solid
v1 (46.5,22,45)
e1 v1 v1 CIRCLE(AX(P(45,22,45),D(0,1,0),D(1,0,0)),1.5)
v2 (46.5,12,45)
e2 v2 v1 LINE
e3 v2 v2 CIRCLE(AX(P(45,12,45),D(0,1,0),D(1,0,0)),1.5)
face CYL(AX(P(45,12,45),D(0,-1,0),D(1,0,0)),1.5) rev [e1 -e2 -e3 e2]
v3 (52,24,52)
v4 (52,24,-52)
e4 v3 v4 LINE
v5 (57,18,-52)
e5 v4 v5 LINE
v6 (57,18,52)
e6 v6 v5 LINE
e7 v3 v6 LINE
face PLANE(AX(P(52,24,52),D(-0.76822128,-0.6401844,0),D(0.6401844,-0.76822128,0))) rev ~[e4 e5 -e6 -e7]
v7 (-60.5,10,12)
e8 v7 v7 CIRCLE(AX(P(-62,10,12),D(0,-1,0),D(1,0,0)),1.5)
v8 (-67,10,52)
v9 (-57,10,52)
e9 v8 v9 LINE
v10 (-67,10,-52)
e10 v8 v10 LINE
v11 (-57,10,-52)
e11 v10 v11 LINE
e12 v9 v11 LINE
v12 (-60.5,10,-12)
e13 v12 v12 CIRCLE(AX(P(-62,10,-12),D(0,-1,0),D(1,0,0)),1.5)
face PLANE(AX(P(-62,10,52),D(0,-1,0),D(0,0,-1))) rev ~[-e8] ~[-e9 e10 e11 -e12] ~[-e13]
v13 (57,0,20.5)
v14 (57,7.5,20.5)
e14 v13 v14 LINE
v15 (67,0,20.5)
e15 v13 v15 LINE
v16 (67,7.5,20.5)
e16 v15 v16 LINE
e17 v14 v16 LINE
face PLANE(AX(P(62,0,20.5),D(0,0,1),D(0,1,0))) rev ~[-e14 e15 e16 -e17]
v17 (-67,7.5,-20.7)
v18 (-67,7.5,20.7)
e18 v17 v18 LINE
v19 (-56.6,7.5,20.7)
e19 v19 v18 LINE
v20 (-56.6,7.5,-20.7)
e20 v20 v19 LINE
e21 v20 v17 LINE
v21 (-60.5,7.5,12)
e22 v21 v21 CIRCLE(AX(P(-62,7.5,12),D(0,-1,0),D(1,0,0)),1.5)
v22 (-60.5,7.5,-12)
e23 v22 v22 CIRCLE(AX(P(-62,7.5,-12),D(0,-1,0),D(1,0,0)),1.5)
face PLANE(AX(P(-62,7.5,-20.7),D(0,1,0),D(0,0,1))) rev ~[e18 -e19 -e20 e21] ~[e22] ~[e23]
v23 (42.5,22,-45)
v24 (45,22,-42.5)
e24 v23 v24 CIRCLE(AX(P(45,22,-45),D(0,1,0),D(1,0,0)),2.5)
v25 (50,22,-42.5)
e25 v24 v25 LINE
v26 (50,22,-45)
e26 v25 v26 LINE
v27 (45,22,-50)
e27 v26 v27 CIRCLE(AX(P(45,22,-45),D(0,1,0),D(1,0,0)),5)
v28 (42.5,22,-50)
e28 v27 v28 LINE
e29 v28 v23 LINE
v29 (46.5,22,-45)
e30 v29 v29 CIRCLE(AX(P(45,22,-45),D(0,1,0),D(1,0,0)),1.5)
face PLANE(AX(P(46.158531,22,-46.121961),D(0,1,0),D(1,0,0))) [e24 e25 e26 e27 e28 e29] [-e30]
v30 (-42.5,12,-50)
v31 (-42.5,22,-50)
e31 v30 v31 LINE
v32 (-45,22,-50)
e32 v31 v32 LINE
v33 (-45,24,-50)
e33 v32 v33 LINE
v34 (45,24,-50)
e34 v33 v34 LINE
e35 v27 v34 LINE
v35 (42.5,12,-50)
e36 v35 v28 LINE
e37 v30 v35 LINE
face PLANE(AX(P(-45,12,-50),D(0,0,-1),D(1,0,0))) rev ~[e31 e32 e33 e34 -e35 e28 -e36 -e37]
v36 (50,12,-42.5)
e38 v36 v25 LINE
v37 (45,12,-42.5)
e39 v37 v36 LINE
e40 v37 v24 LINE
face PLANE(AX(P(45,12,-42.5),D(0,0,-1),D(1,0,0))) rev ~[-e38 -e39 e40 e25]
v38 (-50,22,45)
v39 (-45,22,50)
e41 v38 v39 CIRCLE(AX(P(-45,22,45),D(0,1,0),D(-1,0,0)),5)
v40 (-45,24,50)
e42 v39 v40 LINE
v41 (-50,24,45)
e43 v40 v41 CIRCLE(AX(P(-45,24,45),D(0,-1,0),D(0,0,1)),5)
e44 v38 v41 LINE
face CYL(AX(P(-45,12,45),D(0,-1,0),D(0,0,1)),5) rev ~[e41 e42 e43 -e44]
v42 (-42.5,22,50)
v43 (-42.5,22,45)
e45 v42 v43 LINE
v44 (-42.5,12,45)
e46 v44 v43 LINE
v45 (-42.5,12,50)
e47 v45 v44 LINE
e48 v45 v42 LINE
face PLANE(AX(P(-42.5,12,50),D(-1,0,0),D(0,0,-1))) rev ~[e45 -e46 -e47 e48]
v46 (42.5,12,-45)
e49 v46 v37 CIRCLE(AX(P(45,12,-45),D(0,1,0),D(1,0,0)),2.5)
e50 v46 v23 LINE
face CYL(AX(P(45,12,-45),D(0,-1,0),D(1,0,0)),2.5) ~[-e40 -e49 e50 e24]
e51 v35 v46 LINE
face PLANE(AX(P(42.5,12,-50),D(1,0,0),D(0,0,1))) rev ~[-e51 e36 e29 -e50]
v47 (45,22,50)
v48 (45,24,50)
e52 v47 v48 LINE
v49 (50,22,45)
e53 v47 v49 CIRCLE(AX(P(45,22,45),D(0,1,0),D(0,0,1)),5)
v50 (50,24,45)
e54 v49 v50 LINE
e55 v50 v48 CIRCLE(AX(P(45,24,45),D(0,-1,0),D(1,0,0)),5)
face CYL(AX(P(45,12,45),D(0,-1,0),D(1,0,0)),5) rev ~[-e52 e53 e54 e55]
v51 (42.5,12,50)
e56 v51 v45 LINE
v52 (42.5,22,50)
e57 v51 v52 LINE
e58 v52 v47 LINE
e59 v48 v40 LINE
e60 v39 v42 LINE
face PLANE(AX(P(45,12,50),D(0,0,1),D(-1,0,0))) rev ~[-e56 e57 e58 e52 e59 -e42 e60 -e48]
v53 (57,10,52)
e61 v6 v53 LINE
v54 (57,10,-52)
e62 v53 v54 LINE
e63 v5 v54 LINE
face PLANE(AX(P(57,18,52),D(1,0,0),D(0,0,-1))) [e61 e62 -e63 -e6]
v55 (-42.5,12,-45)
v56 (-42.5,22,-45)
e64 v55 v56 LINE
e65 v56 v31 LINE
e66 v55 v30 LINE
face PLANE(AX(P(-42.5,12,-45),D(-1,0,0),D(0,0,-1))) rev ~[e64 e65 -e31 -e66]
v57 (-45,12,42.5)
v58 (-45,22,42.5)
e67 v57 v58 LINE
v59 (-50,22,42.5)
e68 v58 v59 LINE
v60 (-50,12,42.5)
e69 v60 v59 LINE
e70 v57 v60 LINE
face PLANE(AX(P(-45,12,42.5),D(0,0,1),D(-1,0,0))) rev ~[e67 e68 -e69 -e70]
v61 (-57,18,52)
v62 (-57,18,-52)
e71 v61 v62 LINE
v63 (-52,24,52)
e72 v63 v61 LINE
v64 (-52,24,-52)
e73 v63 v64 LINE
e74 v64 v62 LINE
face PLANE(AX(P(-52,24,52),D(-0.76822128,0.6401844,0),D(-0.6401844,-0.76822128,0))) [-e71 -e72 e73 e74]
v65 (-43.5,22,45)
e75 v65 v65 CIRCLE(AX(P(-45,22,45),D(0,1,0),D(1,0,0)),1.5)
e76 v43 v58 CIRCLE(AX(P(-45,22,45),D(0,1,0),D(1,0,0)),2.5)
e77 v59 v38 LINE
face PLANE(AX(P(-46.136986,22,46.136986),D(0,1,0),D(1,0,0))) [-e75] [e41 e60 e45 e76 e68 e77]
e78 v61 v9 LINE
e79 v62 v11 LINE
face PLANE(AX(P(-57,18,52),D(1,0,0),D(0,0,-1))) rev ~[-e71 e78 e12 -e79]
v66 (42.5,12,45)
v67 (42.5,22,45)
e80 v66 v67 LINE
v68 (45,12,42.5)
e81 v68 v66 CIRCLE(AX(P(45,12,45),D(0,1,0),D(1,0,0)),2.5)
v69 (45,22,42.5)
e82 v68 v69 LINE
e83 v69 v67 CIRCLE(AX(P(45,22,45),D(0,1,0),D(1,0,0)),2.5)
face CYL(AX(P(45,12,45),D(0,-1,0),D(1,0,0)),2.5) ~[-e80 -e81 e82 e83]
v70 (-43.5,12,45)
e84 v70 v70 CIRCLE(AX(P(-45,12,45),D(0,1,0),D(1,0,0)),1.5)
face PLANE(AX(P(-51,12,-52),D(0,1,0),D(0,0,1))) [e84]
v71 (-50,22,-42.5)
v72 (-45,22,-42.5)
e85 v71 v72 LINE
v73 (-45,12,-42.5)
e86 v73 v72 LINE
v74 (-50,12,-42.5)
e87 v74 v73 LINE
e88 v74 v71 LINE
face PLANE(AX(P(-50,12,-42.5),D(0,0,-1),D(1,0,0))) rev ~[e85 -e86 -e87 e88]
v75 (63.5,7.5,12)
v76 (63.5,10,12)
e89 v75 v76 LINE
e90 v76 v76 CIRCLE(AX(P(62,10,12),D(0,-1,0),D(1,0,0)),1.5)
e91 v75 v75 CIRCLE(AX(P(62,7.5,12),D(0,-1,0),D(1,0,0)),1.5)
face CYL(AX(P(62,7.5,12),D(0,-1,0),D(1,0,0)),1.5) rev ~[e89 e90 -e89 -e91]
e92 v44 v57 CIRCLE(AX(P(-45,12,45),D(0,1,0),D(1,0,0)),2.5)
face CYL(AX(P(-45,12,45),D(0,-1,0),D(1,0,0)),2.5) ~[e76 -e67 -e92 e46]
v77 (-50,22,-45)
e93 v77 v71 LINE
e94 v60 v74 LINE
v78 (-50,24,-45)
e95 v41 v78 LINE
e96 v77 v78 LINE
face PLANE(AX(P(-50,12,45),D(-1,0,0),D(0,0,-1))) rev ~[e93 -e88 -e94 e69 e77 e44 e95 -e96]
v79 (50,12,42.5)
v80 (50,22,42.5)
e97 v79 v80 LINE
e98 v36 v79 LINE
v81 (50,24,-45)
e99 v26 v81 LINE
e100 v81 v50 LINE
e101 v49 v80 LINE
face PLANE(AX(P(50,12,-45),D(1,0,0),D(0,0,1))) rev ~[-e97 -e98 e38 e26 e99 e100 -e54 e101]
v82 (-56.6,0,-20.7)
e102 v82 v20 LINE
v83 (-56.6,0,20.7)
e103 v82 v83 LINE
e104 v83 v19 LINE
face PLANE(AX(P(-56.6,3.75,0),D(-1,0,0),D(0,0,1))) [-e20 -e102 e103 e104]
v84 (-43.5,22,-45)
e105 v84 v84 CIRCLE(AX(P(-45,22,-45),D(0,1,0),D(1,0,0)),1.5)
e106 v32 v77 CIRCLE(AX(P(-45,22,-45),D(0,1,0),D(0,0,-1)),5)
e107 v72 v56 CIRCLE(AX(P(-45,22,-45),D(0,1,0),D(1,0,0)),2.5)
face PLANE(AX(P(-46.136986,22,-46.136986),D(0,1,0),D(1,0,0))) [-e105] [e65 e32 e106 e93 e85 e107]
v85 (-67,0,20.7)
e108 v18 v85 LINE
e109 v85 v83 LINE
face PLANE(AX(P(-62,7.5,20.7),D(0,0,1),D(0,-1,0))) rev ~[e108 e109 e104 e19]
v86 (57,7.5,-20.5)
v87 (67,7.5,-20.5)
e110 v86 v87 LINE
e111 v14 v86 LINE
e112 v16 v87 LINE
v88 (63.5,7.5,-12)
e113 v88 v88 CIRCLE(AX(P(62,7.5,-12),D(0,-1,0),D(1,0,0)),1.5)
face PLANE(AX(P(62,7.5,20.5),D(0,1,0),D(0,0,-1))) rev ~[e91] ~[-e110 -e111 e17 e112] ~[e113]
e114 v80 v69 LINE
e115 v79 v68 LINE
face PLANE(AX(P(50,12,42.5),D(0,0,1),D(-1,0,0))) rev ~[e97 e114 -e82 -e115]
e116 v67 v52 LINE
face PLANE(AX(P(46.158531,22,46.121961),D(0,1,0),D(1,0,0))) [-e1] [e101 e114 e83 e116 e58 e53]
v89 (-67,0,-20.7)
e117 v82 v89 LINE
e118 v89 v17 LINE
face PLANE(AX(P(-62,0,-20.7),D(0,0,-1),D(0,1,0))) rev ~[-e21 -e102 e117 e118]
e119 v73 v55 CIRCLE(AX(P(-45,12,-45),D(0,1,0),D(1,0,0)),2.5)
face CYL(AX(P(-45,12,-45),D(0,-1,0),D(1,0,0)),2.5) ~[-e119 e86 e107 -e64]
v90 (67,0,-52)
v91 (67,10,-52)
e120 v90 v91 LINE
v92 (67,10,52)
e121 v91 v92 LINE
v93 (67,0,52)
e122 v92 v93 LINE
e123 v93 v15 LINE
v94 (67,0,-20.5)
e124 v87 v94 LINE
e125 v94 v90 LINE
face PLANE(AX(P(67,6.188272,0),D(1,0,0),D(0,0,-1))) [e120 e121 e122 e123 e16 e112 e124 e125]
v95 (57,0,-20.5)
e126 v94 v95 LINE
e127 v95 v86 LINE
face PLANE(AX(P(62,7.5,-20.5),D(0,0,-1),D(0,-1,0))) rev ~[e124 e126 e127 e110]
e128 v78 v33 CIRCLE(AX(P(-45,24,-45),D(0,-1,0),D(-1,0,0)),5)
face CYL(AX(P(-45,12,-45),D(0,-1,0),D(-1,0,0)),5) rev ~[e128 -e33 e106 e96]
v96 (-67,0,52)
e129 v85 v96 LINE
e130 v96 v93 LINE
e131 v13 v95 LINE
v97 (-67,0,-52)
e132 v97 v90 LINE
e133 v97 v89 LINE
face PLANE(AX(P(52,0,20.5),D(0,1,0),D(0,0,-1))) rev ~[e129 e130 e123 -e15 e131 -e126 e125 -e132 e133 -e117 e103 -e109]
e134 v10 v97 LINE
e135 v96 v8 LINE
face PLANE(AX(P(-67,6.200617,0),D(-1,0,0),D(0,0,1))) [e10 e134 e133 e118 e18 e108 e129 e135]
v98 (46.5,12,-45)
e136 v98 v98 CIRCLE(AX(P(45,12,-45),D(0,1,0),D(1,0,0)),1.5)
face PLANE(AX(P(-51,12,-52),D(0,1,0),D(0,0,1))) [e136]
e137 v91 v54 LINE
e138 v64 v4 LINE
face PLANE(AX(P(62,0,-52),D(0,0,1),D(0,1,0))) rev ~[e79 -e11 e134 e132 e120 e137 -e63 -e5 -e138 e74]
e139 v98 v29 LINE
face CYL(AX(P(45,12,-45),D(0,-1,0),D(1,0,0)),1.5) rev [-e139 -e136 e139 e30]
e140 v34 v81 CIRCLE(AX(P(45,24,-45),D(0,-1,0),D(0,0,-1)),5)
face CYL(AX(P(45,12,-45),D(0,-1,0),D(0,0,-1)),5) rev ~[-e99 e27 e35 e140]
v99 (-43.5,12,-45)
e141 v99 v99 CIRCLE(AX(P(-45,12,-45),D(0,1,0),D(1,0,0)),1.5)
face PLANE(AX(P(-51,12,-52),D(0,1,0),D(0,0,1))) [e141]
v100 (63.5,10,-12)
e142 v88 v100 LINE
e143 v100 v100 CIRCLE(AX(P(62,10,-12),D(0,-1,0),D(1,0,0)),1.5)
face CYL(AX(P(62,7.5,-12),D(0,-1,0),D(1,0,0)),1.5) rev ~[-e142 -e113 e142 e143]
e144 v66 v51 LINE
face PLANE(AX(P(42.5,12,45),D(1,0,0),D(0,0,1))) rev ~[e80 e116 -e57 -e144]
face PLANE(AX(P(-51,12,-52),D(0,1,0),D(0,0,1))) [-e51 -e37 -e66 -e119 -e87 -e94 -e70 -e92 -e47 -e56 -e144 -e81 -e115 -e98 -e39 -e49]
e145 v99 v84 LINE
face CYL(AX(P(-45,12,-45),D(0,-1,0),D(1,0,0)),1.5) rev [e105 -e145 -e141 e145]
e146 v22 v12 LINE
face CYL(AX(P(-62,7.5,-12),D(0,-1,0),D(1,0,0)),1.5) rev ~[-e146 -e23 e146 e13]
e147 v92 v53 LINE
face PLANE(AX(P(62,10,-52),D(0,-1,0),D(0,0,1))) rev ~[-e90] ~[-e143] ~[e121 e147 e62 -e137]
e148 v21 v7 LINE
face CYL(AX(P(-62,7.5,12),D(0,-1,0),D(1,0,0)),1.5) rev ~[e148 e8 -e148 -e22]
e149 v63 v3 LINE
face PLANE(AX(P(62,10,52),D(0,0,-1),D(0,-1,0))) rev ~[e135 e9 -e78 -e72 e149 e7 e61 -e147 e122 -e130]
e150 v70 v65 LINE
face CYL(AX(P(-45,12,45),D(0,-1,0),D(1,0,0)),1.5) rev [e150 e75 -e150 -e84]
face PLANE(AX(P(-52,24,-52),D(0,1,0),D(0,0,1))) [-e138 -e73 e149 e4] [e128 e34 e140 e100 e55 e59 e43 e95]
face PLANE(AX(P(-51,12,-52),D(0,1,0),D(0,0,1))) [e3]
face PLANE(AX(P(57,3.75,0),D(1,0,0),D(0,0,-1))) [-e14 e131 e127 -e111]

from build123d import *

# Parameters (mm, degrees)
BOSS_EXTRUDE3_DEPTH  = 12
BOSS_EXTRUDE5_DEPTH  = 12
BOSS_EXTRUDE6_DEPTH  = 12
BOSS_EXTRUDE7_DEPTH  = 12
SKETCH13_W           = 102
SKETCH13_H           = 12
BOSS_EXTRUDE11_DEPTH = 1
SKETCH14_W           = 103
SKETCH14_H           = 12
BOSS_EXTRUDE12_DEPTH = 1
SKETCH15_W           = 103
SKETCH15_H           = 12
BOSS_EXTRUDE13_DEPTH = 1
SKETCH16_W           = 104
SKETCH16_H           = 12
BOSS_EXTRUDE14_DEPTH = 1
SKETCH17_W           = 104
SKETCH17_H           = 104
BOSS_EXTRUDE16_DEPTH = 12
SKETCH20_W           = 104
SKETCH20_H           = 24
BOSS_EXTRUDE20_DEPTH = 10
CUT_EXTRUDE2_DEPTH   = 104
SKETCH23_W           = 104
SKETCH23_H           = 24
BOSS_EXTRUDE21_DEPTH = 10
CUT_EXTRUDE3_DEPTH   = 104
SKETCH26_W           = 10.4
SKETCH26_H           = 41.4
SKETCH26_W_2         = 10
SKETCH26_H_2         = 41
CUT_EXTRUDE5_DEPTH   = 7.5
SKETCH29_W           = 5
SKETCH29_H           = 104
CUT_EXTRUDE6_DEPTH   = 8
SKETCH30_W           = 5
SKETCH30_H           = 104
CUT_EXTRUDE7_DEPTH   = 8
BOSS_EXTRUDE22_DEPTH = 5
SKETCH33_W           = 41.4
SKETCH33_H           = 7.5
BOSS_EXTRUDE23_DEPTH = 5
BOSS_EXTRUDE24_DEPTH = 5
SKETCH35_W           = 41
SKETCH35_H           = 7.5
BOSS_EXTRUDE25_DEPTH = 5
SKETCH36_R           = 1.5
CUT_EXTRUDE8_DEPTH   = 2.5
SKETCH37_R           = 1.5
CUT_EXTRUDE9_DEPTH   = 2.5
SKETCH38_R           = 2.5
SKETCH38_R_2         = 1.5
BOSS_EXTRUDE26_DEPTH = 10


with BuildPart() as part:
    # Sketch1 → Boss-Extrude3 (new body)
    with BuildSketch(Plane(origin=(0, 0, 0), x_dir=(1, 0, 0), z_dir=(0, 1, 0))):
        with BuildLine():
            Line((-46, 51), (46, 51))
            ThreePointArc((46, 51), (49.535533906, 49.535533906), (51, 46))
            Line((51, 46), (51, -46))
            ThreePointArc((51, -46), (49.535533906, -49.535533906), (46, -51))
            Line((46, -51), (-46, -51))
            ThreePointArc((-46, -51), (-49.535533906, -49.535533906), (-51, -46))
            Line((-51, -46), (-51, 46))
            ThreePointArc((-51, 46), (-49.535533906, 49.535533906), (-46, 51))
        make_face()
    extrude(amount=BOSS_EXTRUDE3_DEPTH)

    # Sketch4 → Boss-Extrude5 (add)
    with BuildSketch(Plane(origin=(0, 0, 0), x_dir=(-1, 0, 0), z_dir=(0, -1, 0))):
        with BuildLine():
            Line((-46, -51), (-51, -51))
            Line((-51, -51), (-51, -46))
            ThreePointArc((-51, -46), (-49.535533906, -49.535533906), (-46, -51))
        make_face()
    extrude(amount=-BOSS_EXTRUDE5_DEPTH)

    # Sketch6 → Boss-Extrude6 (add)
    with BuildSketch(Plane.XZ):
        with BuildLine():
            Line((-51, -46), (-51, -51))
            Line((-51, -51), (-46, -51))
            ThreePointArc((-46, -51), (-49.535533906, -49.535533906), (-51, -46))
        make_face()
    extrude(amount=-BOSS_EXTRUDE6_DEPTH)

    # Sketch7 → Boss-Extrude7 (add)
    with BuildSketch(Plane.XZ):
        with BuildLine():
            Line((-46, 51), (-51, 51))
            Line((-51, 51), (-51, 46))
            ThreePointArc((-51, 46), (-49.535533906, 49.535533906), (-46, 51))
        make_face()
        with BuildLine():
            Line((46, -51), (51, -51))
            Line((51, -51), (51, -46))
            ThreePointArc((51, -46), (49.535533906, -49.535533906), (46, -51))
        make_face()
    extrude(amount=-BOSS_EXTRUDE7_DEPTH)

    # Sketch13 → Boss-Extrude11 (add)
    with BuildSketch(Plane.XY.offset(51)):
        with Locations((0, 6)):
            Rectangle(SKETCH13_W, SKETCH13_H)
    extrude(amount=BOSS_EXTRUDE11_DEPTH)

    # Sketch14 → Boss-Extrude12 (add)
    with BuildSketch(Plane(origin=(51, 0, 0), x_dir=(0, 0, -1), z_dir=(1, 0, 0))):
        with Locations((-0.5, 6)):
            Rectangle(SKETCH14_W, SKETCH14_H)
    extrude(amount=BOSS_EXTRUDE12_DEPTH)

    # Sketch15 → Boss-Extrude13 (add)
    with BuildSketch(Plane(origin=(0, 0, -51), x_dir=(-1, 0, 0), z_dir=(0, 0, -1))):
        with Locations((-0.5, 6)):
            Rectangle(SKETCH15_W, SKETCH15_H)
    extrude(amount=BOSS_EXTRUDE13_DEPTH)

    # Sketch16 → Boss-Extrude14 (add)
    with BuildSketch(Plane.ZY.offset(51)):
        with Locations((0, 6)):
            Rectangle(SKETCH16_W, SKETCH16_H)
    extrude(amount=BOSS_EXTRUDE14_DEPTH)

    # Sketch17 → Boss-Extrude16 (add)
    with BuildSketch(Plane(origin=(0, 12, 0), x_dir=(1, 0, 0), z_dir=(0, 1, 0))):
        Rectangle(SKETCH17_W, SKETCH17_H)
        with BuildLine():
            Line((-45, 50), (45, 50))
            ThreePointArc((45, 50), (48.535533906, 48.535533906), (50, 45))
            Line((50, 45), (50, -45))
            ThreePointArc((50, -45), (48.535533906, -48.535533906), (45, -50))
            Line((45, -50), (-45, -50))
            ThreePointArc((-45, -50), (-48.535533906, -48.535533906), (-50, -45))
            Line((-50, -45), (-50, 45))
            ThreePointArc((-50, 45), (-48.535533906, 48.535533906), (-45, 50))
        make_face(mode=Mode.SUBTRACT)
    extrude(amount=BOSS_EXTRUDE16_DEPTH)

    # Sketch20 → Boss-Extrude20 (add)
    with BuildSketch(Plane(origin=(52, 0, 0), x_dir=(0, 0, -1), z_dir=(1, 0, 0))):
        with Locations((0, 12)):
            Rectangle(SKETCH20_W, SKETCH20_H)
    extrude(amount=BOSS_EXTRUDE20_DEPTH)

    # Sketch21 → Cut-Extrude2 (cut)
    with BuildSketch(Plane.XY.offset(52)):
        Polygon((62, 24), (52, 24), (57, 18), (62, 18), align=None)
    extrude(amount=-CUT_EXTRUDE2_DEPTH, mode=Mode.SUBTRACT)

    # Sketch23 → Boss-Extrude21 (add)
    with BuildSketch(Plane.ZY.offset(52)):
        with Locations((0, 12)):
            Rectangle(SKETCH23_W, SKETCH23_H)
    extrude(amount=BOSS_EXTRUDE21_DEPTH)

    # Sketch24 → Cut-Extrude3 (cut)
    with BuildSketch(Plane.XY.offset(52)):
        Polygon((-62, 24), (-52, 24), (-57, 18), (-62, 18), align=None)
    extrude(amount=-CUT_EXTRUDE3_DEPTH, mode=Mode.SUBTRACT)

    # Sketch26 → Cut-Extrude5 (cut)
    with BuildSketch(Plane.XZ):
        with Locations((-56.8, 0)):
            Rectangle(SKETCH26_W, SKETCH26_H)
        with Locations((57, 0)):
            Rectangle(SKETCH26_W_2, SKETCH26_H_2)
    extrude(amount=-CUT_EXTRUDE5_DEPTH, mode=Mode.SUBTRACT)

    # Sketch29 → Cut-Extrude6 (cut)
    with BuildSketch(Plane(origin=(0, 18, 0), x_dir=(1, 0, 0), z_dir=(0, 1, 0))):
        with Locations((59.5, 0)):
            Rectangle(SKETCH29_W, SKETCH29_H)
    extrude(amount=-CUT_EXTRUDE6_DEPTH, mode=Mode.SUBTRACT)

    # Sketch30 → Cut-Extrude7 (cut)
    with BuildSketch(Plane(origin=(0, 18, 0), x_dir=(1, 0, 0), z_dir=(0, 1, 0))):
        with Locations((-59.5, 0)):
            Rectangle(SKETCH30_W, SKETCH30_H)
    extrude(amount=-CUT_EXTRUDE7_DEPTH, mode=Mode.SUBTRACT)

    # Sketch32 → Boss-Extrude22 (add)
    with BuildSketch(Plane.ZY.offset(62)):
        Polygon((-52, 10), (-52, 0), (-20.7, 0), (-20.7, 7.5), (20.7, 7.5), (20.7, 0), (52, 0), (52, 10), align=None)
    extrude(amount=BOSS_EXTRUDE22_DEPTH)

    # Sketch33 → Boss-Extrude23 (add)
    with BuildSketch(Plane.ZY.offset(51.6)):
        with Locations((0, 3.75)):
            Rectangle(SKETCH33_W, SKETCH33_H)
    extrude(amount=BOSS_EXTRUDE23_DEPTH)

    # Sketch34 → Boss-Extrude24 (add)
    with BuildSketch(Plane(origin=(62, 0, 0), x_dir=(0, 0, -1), z_dir=(1, 0, 0))):
        Polygon((-52, 10), (-52, 0), (-20.5, 0), (-20.5, 7.5), (20.5, 7.5), (20.5, 0), (52, 0), (52, 10), align=None)
    extrude(amount=BOSS_EXTRUDE24_DEPTH)

    # Sketch35 → Boss-Extrude25 (add)
    with BuildSketch(Plane(origin=(52, 0, 0), x_dir=(0, 0, -1), z_dir=(1, 0, 0))):
        with Locations((0, 3.75)):
            Rectangle(SKETCH35_W, SKETCH35_H)
    extrude(amount=BOSS_EXTRUDE25_DEPTH)

    # Sketch36 → Cut-Extrude8 (cut)
    with BuildSketch(Plane.XZ.offset(-7.5)):
        with Locations((62, 12)):
            Circle(SKETCH36_R)
        with Locations((62, -12)):
            Circle(SKETCH36_R)
    extrude(amount=-CUT_EXTRUDE8_DEPTH, mode=Mode.SUBTRACT)

    # Sketch37 → Cut-Extrude9 (cut)
    with BuildSketch(Plane.XZ.offset(-7.5)):
        with Locations((-62, 12)):
            Circle(SKETCH37_R)
        with Locations((-62, -12)):
            Circle(SKETCH37_R)
    extrude(amount=-CUT_EXTRUDE9_DEPTH, mode=Mode.SUBTRACT)

    # Sketch38 → Boss-Extrude26 (add)
    with BuildSketch(Plane(origin=(0, 12, 0), x_dir=(1, 0, 0), z_dir=(0, 1, 0))):
        with BuildLine():
            Line((-42.5, 50), (-45, 50))
            ThreePointArc((-45, 50), (-48.535533906, 48.535533906), (-50, 45))
            Line((-50, 45), (-50, 42.5))
            Line((-50, 42.5), (-45, 42.5))
            ThreePointArc((-45, 42.5), (-46.767766953, 46.767766953), (-42.5, 45))
            Line((-42.5, 45), (-42.5, 50))
        make_face()
        with Locations((-45, 45)):
            Circle(SKETCH38_R)
        with Locations((-45, 45)):
            Circle(SKETCH38_R_2, mode=Mode.SUBTRACT)
        with BuildLine():
            Line((45, 50), (42.5, 50))
            Line((42.5, 50), (42.5, 45))
            ThreePointArc((42.5, 45), (45, 47.5), (47.5, 45))
            ThreePointArc((47.5, 45), (46.767766953, 43.232233047), (45, 42.5))
            Line((45, 42.5), (50, 42.5))
            Line((50, 42.5), (50, 45))
            ThreePointArc((50, 45), (48.535533906, 48.535533906), (45, 50))
        make_face()
        with Locations((45, 45)):
            Circle(SKETCH38_R)
        with Locations((45, 45)):
            Circle(SKETCH38_R_2, mode=Mode.SUBTRACT)
        with BuildLine():
            Line((-45, -42.5), (-50, -42.5))
            Line((-50, -42.5), (-50, -45))
            ThreePointArc((-50, -45), (-48.535533906, -48.535533906), (-45, -50))
            Line((-45, -50), (-42.5, -50))
            Line((-42.5, -50), (-42.5, -45))
            ThreePointArc((-42.5, -45), (-46.767766953, -46.767766953), (-45, -42.5))
        make_face()
        with Locations((-45, -45)):
            Circle(SKETCH38_R)
        with Locations((-45, -45)):
            Circle(SKETCH38_R_2, mode=Mode.SUBTRACT)
        with BuildLine():
            Line((50, -45), (50, -42.5))
            Line((50, -42.5), (45, -42.5))
            ThreePointArc((45, -42.5), (46.767766953, -43.232233047), (47.5, -45))
            ThreePointArc((47.5, -45), (45, -47.5), (42.5, -45))
            Line((42.5, -45), (42.5, -50))
            Line((42.5, -50), (45, -50))
            ThreePointArc((45, -50), (48.535533906, -48.535533906), (50, -45))
        make_face()
        with Locations((45, -45)):
            Circle(SKETCH38_R)
        with Locations((45, -45)):
            Circle(SKETCH38_R_2, mode=Mode.SUBTRACT)
    extrude(amount=BOSS_EXTRUDE26_DEPTH)


solid = part.part
